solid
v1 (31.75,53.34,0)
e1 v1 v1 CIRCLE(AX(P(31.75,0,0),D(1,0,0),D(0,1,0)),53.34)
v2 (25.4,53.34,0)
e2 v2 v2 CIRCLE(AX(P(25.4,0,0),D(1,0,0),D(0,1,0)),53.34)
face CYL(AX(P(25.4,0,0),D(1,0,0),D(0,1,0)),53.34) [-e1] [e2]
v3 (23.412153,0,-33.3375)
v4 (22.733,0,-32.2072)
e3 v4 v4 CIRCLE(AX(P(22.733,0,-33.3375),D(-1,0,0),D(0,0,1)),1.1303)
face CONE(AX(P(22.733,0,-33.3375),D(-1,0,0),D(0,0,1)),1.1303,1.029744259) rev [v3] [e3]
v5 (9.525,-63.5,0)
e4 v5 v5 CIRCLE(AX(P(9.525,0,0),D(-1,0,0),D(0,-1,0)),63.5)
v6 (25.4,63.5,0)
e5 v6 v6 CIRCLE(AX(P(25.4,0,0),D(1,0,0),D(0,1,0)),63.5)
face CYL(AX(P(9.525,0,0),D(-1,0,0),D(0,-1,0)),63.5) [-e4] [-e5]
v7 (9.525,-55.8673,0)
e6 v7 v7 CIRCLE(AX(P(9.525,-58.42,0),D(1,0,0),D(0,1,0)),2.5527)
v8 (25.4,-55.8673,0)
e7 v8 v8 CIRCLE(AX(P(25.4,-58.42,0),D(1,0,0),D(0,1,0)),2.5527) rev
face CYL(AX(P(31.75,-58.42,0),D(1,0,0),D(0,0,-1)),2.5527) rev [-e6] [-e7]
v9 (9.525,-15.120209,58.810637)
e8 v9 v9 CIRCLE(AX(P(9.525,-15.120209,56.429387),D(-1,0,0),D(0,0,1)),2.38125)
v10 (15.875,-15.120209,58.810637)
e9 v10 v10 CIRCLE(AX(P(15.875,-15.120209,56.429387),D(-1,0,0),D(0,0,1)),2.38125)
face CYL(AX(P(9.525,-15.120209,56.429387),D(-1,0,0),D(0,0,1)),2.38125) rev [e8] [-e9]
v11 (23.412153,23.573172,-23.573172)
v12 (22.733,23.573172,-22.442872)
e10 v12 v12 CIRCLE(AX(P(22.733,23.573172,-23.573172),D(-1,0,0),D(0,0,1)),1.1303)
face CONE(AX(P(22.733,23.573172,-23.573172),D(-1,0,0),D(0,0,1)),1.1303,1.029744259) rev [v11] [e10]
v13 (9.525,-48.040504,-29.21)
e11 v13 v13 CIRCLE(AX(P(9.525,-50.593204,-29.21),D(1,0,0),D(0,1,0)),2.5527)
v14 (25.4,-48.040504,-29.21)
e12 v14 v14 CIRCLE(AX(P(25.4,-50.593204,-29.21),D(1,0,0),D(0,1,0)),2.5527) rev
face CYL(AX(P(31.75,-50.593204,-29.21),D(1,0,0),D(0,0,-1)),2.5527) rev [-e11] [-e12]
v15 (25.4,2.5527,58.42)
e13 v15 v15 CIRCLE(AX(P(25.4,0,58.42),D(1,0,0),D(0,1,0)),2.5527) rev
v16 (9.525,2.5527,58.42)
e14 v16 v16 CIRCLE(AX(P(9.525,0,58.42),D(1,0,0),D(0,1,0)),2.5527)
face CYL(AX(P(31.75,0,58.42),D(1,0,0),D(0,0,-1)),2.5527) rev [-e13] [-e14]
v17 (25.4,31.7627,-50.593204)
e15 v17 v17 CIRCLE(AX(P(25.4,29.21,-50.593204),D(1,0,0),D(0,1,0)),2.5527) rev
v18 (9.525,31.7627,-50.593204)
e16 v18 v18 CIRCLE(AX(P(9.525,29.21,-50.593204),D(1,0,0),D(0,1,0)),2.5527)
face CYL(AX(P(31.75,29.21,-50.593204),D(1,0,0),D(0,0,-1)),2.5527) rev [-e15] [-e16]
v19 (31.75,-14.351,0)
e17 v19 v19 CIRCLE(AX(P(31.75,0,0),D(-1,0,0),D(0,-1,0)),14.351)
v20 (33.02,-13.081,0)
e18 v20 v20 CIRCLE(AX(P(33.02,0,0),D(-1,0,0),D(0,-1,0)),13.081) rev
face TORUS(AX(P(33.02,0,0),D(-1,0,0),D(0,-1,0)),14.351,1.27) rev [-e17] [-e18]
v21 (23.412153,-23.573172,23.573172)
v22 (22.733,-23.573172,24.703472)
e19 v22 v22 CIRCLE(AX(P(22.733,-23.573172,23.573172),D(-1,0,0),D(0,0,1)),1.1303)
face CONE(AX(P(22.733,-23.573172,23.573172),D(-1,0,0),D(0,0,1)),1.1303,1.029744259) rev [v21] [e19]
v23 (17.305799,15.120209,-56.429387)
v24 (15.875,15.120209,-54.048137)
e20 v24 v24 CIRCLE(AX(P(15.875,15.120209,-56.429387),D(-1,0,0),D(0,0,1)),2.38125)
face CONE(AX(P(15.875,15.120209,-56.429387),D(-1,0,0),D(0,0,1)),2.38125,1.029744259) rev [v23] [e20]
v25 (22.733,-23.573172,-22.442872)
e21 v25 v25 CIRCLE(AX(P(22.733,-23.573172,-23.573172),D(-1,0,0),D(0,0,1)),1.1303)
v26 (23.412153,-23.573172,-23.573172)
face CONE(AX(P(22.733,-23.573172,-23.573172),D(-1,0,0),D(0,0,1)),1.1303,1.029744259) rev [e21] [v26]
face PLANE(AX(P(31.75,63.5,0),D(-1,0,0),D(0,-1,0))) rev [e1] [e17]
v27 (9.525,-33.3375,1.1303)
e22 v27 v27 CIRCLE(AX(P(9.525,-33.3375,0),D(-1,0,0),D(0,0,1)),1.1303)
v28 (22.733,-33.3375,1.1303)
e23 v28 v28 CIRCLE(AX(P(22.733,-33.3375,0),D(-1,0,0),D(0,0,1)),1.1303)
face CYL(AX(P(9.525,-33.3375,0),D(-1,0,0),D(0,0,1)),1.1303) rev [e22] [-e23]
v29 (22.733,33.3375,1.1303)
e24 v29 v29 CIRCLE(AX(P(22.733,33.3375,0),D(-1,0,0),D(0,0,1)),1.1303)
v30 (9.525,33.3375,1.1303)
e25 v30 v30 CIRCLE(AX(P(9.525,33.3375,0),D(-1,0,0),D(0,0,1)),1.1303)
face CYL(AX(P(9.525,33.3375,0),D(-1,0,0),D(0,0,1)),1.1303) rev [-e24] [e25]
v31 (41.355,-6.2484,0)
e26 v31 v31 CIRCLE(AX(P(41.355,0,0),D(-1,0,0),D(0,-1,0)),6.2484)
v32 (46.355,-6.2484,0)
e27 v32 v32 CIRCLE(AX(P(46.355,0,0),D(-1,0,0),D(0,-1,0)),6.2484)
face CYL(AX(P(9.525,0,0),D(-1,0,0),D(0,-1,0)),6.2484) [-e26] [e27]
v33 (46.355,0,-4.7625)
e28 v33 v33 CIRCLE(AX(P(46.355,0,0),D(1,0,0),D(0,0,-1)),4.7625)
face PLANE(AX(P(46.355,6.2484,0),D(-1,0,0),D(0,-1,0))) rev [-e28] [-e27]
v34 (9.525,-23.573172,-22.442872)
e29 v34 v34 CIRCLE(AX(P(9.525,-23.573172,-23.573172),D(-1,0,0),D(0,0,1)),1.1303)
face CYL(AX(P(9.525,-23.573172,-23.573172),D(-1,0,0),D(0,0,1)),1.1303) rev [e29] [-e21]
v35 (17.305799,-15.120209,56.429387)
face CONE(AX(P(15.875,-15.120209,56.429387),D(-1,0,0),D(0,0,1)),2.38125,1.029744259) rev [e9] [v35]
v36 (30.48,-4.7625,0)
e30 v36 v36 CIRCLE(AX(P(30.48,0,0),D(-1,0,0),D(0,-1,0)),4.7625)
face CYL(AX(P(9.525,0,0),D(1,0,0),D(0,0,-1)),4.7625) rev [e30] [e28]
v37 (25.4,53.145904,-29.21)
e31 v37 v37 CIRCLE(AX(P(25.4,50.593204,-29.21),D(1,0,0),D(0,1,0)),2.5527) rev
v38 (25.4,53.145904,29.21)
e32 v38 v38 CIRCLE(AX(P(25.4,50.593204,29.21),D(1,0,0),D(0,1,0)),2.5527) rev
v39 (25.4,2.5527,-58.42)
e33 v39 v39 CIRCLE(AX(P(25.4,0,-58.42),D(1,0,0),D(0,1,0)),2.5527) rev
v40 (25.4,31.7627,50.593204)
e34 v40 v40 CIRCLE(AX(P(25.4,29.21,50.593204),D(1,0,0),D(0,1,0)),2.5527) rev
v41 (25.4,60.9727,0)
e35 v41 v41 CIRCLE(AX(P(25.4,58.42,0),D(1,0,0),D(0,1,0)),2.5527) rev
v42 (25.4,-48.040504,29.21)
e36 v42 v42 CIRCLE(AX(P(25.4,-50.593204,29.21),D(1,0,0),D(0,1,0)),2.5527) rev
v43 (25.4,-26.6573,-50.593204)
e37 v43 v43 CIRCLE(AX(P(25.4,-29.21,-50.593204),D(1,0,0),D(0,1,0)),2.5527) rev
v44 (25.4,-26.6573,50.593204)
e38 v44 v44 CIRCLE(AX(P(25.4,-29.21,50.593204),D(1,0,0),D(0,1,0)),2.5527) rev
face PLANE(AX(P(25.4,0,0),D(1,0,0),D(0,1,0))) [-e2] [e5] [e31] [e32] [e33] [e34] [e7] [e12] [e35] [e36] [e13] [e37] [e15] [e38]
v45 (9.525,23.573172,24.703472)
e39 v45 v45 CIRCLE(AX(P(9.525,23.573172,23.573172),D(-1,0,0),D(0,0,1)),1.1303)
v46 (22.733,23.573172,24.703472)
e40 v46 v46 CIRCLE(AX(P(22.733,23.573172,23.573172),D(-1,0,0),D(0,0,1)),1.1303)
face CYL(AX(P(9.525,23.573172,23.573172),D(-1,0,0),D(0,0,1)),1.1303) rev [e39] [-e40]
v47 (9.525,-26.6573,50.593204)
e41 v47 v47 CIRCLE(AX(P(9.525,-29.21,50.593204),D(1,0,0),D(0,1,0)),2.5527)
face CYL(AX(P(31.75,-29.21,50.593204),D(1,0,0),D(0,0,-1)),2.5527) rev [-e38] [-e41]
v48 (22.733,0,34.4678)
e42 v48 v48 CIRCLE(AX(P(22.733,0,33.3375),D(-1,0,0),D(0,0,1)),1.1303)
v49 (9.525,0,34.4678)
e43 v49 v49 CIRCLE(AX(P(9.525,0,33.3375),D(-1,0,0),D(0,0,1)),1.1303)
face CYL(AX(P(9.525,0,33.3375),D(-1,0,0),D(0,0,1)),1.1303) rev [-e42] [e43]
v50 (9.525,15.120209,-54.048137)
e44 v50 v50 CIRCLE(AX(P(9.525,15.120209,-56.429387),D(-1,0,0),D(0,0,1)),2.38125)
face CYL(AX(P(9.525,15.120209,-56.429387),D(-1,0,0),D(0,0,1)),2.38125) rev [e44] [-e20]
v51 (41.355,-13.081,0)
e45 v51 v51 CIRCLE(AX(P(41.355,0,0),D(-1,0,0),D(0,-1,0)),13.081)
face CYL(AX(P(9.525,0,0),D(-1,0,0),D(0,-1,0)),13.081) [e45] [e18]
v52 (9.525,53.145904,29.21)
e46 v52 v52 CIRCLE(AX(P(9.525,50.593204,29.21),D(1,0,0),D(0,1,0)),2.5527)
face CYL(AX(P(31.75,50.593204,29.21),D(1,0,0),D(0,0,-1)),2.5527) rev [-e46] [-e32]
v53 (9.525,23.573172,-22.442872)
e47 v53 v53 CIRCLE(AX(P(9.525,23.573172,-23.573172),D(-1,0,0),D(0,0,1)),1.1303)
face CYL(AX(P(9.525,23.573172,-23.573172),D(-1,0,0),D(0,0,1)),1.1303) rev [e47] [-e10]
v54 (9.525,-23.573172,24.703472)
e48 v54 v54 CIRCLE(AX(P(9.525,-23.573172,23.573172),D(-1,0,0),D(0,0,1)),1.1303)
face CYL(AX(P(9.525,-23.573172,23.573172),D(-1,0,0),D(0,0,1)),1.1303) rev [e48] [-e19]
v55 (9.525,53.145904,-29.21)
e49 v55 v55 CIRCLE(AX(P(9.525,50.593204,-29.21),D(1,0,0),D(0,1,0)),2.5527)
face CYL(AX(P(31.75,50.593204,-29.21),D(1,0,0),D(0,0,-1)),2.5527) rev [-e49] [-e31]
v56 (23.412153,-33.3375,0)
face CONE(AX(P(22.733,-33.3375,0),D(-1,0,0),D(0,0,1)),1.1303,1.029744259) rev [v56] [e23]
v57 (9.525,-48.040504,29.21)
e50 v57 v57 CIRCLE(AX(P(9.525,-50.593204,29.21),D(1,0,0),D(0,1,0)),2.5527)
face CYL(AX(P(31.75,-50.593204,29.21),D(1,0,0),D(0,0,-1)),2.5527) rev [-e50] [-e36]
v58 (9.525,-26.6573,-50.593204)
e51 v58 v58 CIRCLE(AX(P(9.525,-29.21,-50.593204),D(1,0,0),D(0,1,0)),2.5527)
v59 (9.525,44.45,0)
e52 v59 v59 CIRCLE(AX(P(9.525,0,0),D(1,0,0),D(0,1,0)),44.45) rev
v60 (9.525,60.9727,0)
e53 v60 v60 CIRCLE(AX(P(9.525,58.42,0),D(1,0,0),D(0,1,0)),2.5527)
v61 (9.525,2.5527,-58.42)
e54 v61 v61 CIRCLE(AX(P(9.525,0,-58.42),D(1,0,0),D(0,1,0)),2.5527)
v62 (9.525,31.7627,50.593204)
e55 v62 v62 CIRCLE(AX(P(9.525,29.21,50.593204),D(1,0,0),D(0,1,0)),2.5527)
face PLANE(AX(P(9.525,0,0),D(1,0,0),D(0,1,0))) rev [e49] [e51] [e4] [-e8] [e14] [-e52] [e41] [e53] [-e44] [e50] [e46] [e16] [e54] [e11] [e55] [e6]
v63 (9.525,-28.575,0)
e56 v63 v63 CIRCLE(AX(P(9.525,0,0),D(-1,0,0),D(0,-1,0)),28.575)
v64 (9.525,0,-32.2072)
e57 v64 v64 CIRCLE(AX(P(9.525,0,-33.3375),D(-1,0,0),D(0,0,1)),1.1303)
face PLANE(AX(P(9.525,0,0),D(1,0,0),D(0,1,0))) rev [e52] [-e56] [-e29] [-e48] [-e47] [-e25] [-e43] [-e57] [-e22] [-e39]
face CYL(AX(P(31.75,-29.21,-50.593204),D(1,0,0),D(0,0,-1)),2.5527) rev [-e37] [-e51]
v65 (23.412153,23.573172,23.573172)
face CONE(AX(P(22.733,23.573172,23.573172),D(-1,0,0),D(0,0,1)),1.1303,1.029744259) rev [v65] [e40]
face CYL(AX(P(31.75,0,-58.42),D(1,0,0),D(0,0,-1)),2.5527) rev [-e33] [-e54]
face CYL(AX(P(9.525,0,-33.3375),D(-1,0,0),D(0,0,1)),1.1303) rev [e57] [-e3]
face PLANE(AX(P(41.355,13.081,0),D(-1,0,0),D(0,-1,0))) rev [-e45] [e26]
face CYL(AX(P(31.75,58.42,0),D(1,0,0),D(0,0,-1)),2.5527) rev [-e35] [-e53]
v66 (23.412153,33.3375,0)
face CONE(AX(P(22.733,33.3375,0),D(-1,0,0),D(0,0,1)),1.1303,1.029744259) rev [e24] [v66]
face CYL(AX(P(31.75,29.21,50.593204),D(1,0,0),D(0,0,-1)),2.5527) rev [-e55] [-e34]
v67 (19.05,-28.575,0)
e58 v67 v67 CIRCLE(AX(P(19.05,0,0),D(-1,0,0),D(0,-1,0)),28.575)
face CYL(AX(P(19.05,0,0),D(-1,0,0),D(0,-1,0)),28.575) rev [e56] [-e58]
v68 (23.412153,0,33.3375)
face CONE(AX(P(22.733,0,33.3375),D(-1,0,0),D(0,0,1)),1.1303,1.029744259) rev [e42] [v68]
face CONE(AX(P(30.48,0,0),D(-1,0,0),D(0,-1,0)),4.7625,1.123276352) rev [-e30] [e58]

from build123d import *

# Parameters (mm, degrees)
SKETCH3_R                 = 4.7625
OXIDIZER_INLET_HOLE_DEPTH = 37.83
FLANGE_HOLES_D            = 5.1054
FLANGE_HOLES_DEPTH        = 22.225
DOWEL_HOLES_D             = 4.7625
DOWEL_HOLES_DEPTH         = 6.35
DOWEL_HOLES_TIP           = 1.430799349
SKETCH12_R                = 28.575
CUT_EXTRUDE2_DEPTH        = 9.525
SKETCH16_R                = 28.575
SKETCH17_R                = 4.7625
CIRPATTERN1_COUNT         = 8
FILLET1_R                 = 1.27
SKETCH25_OUTSIDE_W        = 165.668
SKETCH25_OUTSIDE_H        = 165.668
SKETCH25_OUTSIDE_R        = 53.34
CUT_EXTRUDE3_DEPTH        = 6.35


with BuildPart() as part:
    # Sketch2 → Main Structure (revolve)
    with BuildSketch(Plane.XY):
        Polygon((41.355, 13.081), (41.355, 6.2484), (46.355, 6.2484), (46.355, 0), (9.525, 0), (9.525, 63.5), (31.75, 63.5), (31.75, 13.081), align=None)
    revolve(axis=Axis((9.525, 0, 0), (1, 0, 0)))

    # Sketch3 → Oxidizer Inlet Hole (cut, through all)
    with BuildSketch(Plane(origin=(46.355, 0, 0), x_dir=(0, 0, -1), z_dir=(1, 0, 0))):
        Circle(SKETCH3_R)
    extrude(amount=-OXIDIZER_INLET_HOLE_DEPTH, mode=Mode.SUBTRACT)

    # Flange Holes
    with Locations(Plane(origin=(31.75, 0, 0), x_dir=(0, 0, 1), z_dir=(1, 0, 0))):
        with Locations((0, 58.42), (-29.21, 50.593204089), (-50.593204089, 29.21), (-58.42, 0), (-50.593204089, -29.21), (-29.21, -50.593204089), (0, -58.42), (29.21, -50.593204089), (50.593204089, -29.21), (58.42, 0), (50.593204089, 29.21), (29.21, 50.593204089)):
            Hole(FLANGE_HOLES_D / 2, depth=FLANGE_HOLES_DEPTH)

    # Dowel Holes
    with Locations(Plane.ZY.offset(-9.525)):
        with Locations((56.429386772, -15.120208615), (-56.429386772, 15.120208615)):
            Hole(DOWEL_HOLES_D / 2, depth=DOWEL_HOLES_DEPTH)
            with Locations((0, 0, -(DOWEL_HOLES_DEPTH + DOWEL_HOLES_TIP / 2))):  # 118° drill point
                Cone(0, DOWEL_HOLES_D / 2, DOWEL_HOLES_TIP, mode=Mode.SUBTRACT)

    # Sketch12 → Cut-Extrude2 (cut)
    with BuildSketch(Plane.ZY.offset(-9.525)):
        Circle(SKETCH12_R)
    extrude(amount=-CUT_EXTRUDE2_DEPTH, mode=Mode.SUBTRACT)

    # Sketch16 → Internal Flow Path Loft Cut section 0
    with BuildSketch(Plane.ZY.offset(-19.05)):
        Circle(SKETCH16_R)
    # Sketch17 → Internal Flow Path Loft Cut section 1
    with BuildSketch(Plane.ZY.offset(-30.48)):
        Circle(SKETCH17_R)
    loft(mode=Mode.SUBTRACT)

    # Sketch20 → #4-40 Tapped Hole1 (revolve, cut)
    with BuildSketch(Plane(origin=(9.525, 0, 33.3375), x_dir=(0, 0, 1), z_dir=(0, 1, 0))):
        Polygon((0, 0), (0, 13.887152758), (1.1303, 13.208), (1.1303, 0), align=None)
    f_4_40_tapped_hole1 = revolve(axis=Axis((3.175, 0, 33.3375), (1, 0, 0)), mode=Mode.SUBTRACT)

    # CirPattern1: #4-40 Tapped Hole1 ×8 about axis
    cirpattern1_axis = Axis((0, 0, 0), (1, 0, 0))
    for i in range(1, CIRPATTERN1_COUNT):
        add(f_4_40_tapped_hole1.rotate(cirpattern1_axis, i * 360 / CIRPATTERN1_COUNT), mode=Mode.SUBTRACT)

    # Fillet1
    fillet1_edges = [part.edges().sort_by_distance(p)[0] for p in [
        (31.75, -13.081, 0),
    ]]
    fillet(fillet1_edges, radius=FILLET1_R)

    # Sketch25 outside → Cut-Extrude3 (cut)
    with BuildSketch(Plane(origin=(31.75, 0, 0), x_dir=(0, 0, -1), z_dir=(1, 0, 0))):
        Rectangle(SKETCH25_OUTSIDE_W, SKETCH25_OUTSIDE_H)
        Circle(SKETCH25_OUTSIDE_R, mode=Mode.SUBTRACT)
    extrude(amount=-CUT_EXTRUDE3_DEPTH, mode=Mode.SUBTRACT)


solid = part.part
